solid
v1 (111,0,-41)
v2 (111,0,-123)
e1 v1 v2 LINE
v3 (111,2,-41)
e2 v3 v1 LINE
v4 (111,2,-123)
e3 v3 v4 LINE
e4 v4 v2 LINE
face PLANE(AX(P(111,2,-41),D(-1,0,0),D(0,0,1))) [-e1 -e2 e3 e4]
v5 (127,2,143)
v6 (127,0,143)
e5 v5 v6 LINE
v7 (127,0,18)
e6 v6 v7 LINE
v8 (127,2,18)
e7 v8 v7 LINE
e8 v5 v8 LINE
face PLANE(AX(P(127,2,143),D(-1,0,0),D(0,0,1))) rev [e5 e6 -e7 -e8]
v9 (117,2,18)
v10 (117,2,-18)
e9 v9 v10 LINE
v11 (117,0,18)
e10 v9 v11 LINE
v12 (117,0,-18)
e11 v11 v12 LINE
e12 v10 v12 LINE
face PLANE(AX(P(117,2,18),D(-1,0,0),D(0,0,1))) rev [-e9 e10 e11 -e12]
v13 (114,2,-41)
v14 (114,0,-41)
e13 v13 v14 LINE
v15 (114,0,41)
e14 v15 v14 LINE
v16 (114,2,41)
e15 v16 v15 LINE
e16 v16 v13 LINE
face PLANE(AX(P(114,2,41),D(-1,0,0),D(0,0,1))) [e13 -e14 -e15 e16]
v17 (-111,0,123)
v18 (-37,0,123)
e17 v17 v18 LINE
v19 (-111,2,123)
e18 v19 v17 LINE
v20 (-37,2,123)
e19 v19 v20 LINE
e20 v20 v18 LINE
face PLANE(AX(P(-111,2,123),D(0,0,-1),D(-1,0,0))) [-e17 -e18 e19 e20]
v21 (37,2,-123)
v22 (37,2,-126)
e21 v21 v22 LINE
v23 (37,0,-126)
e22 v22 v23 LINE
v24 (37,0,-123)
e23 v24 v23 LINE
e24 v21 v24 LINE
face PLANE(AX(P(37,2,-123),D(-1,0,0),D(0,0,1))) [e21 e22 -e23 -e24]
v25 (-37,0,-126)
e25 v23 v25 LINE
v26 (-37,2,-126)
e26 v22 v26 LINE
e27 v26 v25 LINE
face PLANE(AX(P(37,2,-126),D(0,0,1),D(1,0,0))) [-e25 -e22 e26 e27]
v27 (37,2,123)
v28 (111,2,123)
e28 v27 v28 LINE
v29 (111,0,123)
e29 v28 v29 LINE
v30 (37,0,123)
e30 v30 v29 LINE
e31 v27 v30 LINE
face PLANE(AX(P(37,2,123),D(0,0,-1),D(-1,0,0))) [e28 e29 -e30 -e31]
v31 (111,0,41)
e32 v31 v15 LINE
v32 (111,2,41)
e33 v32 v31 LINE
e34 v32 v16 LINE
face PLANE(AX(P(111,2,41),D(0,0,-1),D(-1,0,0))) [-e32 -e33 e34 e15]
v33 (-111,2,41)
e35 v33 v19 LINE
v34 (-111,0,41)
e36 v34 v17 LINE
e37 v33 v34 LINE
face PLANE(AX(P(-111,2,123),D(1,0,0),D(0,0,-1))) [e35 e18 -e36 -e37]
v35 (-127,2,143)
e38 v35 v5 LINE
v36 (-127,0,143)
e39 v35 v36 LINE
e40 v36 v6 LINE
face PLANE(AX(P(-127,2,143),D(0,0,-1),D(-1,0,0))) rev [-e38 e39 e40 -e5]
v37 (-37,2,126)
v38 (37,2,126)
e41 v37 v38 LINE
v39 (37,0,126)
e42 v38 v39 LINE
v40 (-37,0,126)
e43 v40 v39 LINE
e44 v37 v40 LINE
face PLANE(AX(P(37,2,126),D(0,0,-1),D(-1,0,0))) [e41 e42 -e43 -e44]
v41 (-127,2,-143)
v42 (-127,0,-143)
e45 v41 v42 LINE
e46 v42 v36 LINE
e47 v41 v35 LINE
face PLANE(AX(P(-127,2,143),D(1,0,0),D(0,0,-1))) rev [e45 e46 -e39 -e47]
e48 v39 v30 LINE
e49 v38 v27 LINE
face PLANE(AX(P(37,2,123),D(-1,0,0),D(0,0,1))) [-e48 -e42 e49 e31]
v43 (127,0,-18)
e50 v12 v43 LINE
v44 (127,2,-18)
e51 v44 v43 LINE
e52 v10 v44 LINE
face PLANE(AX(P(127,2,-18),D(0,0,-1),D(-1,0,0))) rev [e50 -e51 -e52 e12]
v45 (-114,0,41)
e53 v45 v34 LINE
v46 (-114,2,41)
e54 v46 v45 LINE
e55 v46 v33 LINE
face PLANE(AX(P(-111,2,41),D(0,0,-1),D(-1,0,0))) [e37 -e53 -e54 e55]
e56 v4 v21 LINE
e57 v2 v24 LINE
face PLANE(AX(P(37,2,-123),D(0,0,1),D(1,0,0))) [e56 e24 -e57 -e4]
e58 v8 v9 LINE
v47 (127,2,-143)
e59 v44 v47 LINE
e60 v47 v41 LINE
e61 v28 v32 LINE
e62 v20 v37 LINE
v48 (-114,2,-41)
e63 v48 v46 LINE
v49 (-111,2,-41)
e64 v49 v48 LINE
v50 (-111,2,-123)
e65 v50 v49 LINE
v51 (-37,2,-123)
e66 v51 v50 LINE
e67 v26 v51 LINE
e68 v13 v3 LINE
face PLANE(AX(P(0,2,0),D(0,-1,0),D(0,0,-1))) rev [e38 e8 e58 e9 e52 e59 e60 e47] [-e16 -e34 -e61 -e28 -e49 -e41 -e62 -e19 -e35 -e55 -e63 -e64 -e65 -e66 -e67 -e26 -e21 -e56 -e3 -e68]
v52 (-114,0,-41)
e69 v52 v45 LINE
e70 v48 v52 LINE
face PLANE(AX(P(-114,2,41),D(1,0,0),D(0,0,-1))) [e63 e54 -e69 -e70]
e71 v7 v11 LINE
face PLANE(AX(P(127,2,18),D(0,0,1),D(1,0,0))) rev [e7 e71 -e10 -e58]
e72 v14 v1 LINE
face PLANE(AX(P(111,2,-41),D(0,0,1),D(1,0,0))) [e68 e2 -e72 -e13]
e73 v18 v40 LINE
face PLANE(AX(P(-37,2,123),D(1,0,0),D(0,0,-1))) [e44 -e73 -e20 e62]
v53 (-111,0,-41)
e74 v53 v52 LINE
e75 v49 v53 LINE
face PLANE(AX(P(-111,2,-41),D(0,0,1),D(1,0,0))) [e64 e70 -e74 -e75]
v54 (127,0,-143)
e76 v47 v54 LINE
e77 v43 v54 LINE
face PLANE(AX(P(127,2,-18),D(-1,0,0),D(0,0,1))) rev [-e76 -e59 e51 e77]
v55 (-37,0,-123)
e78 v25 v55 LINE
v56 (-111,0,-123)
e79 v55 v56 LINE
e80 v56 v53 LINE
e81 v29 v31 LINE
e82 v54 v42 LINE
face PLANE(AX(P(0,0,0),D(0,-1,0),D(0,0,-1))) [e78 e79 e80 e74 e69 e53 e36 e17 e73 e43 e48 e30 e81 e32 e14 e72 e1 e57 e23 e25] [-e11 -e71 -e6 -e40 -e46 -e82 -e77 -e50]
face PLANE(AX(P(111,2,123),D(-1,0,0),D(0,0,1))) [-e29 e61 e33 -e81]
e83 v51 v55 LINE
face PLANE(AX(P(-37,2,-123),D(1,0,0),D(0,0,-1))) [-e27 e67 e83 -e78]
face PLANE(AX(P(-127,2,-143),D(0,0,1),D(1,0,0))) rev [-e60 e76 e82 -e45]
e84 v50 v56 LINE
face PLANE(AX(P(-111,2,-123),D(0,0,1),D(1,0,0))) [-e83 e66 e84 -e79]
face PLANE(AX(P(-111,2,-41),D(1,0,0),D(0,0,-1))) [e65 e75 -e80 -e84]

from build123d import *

# Parameters (mm, degrees)
BOSS_EXTRUDE1_DEPTH = 2


with BuildPart() as part:
    # Sketch1 → Boss-Extrude1 (new body)
    with BuildSketch(Plane(origin=(0, 0, 0), x_dir=(1, 0, 0), z_dir=(0, 1, 0))):
        Polygon((-127, -143), (127, -143), (127, -18), (117, -18), (117, 18), (127, 18), (127, 143), (-127, 143), align=None)
        Polygon((37, 123), (111, 123), (111, 41), (114, 41), (114, -41), (111, -41), (111, -123), (37, -123), (37, -126), (-37, -126), (-37, -123), (-111, -123), (-111, -41), (-114, -41), (-114, 41), (-111, 41), (-111, 123), (-37, 123), (-37, 126), (37, 126), align=None, mode=Mode.SUBTRACT)
    extrude(amount=BOSS_EXTRUDE1_DEPTH)


solid = part.part
